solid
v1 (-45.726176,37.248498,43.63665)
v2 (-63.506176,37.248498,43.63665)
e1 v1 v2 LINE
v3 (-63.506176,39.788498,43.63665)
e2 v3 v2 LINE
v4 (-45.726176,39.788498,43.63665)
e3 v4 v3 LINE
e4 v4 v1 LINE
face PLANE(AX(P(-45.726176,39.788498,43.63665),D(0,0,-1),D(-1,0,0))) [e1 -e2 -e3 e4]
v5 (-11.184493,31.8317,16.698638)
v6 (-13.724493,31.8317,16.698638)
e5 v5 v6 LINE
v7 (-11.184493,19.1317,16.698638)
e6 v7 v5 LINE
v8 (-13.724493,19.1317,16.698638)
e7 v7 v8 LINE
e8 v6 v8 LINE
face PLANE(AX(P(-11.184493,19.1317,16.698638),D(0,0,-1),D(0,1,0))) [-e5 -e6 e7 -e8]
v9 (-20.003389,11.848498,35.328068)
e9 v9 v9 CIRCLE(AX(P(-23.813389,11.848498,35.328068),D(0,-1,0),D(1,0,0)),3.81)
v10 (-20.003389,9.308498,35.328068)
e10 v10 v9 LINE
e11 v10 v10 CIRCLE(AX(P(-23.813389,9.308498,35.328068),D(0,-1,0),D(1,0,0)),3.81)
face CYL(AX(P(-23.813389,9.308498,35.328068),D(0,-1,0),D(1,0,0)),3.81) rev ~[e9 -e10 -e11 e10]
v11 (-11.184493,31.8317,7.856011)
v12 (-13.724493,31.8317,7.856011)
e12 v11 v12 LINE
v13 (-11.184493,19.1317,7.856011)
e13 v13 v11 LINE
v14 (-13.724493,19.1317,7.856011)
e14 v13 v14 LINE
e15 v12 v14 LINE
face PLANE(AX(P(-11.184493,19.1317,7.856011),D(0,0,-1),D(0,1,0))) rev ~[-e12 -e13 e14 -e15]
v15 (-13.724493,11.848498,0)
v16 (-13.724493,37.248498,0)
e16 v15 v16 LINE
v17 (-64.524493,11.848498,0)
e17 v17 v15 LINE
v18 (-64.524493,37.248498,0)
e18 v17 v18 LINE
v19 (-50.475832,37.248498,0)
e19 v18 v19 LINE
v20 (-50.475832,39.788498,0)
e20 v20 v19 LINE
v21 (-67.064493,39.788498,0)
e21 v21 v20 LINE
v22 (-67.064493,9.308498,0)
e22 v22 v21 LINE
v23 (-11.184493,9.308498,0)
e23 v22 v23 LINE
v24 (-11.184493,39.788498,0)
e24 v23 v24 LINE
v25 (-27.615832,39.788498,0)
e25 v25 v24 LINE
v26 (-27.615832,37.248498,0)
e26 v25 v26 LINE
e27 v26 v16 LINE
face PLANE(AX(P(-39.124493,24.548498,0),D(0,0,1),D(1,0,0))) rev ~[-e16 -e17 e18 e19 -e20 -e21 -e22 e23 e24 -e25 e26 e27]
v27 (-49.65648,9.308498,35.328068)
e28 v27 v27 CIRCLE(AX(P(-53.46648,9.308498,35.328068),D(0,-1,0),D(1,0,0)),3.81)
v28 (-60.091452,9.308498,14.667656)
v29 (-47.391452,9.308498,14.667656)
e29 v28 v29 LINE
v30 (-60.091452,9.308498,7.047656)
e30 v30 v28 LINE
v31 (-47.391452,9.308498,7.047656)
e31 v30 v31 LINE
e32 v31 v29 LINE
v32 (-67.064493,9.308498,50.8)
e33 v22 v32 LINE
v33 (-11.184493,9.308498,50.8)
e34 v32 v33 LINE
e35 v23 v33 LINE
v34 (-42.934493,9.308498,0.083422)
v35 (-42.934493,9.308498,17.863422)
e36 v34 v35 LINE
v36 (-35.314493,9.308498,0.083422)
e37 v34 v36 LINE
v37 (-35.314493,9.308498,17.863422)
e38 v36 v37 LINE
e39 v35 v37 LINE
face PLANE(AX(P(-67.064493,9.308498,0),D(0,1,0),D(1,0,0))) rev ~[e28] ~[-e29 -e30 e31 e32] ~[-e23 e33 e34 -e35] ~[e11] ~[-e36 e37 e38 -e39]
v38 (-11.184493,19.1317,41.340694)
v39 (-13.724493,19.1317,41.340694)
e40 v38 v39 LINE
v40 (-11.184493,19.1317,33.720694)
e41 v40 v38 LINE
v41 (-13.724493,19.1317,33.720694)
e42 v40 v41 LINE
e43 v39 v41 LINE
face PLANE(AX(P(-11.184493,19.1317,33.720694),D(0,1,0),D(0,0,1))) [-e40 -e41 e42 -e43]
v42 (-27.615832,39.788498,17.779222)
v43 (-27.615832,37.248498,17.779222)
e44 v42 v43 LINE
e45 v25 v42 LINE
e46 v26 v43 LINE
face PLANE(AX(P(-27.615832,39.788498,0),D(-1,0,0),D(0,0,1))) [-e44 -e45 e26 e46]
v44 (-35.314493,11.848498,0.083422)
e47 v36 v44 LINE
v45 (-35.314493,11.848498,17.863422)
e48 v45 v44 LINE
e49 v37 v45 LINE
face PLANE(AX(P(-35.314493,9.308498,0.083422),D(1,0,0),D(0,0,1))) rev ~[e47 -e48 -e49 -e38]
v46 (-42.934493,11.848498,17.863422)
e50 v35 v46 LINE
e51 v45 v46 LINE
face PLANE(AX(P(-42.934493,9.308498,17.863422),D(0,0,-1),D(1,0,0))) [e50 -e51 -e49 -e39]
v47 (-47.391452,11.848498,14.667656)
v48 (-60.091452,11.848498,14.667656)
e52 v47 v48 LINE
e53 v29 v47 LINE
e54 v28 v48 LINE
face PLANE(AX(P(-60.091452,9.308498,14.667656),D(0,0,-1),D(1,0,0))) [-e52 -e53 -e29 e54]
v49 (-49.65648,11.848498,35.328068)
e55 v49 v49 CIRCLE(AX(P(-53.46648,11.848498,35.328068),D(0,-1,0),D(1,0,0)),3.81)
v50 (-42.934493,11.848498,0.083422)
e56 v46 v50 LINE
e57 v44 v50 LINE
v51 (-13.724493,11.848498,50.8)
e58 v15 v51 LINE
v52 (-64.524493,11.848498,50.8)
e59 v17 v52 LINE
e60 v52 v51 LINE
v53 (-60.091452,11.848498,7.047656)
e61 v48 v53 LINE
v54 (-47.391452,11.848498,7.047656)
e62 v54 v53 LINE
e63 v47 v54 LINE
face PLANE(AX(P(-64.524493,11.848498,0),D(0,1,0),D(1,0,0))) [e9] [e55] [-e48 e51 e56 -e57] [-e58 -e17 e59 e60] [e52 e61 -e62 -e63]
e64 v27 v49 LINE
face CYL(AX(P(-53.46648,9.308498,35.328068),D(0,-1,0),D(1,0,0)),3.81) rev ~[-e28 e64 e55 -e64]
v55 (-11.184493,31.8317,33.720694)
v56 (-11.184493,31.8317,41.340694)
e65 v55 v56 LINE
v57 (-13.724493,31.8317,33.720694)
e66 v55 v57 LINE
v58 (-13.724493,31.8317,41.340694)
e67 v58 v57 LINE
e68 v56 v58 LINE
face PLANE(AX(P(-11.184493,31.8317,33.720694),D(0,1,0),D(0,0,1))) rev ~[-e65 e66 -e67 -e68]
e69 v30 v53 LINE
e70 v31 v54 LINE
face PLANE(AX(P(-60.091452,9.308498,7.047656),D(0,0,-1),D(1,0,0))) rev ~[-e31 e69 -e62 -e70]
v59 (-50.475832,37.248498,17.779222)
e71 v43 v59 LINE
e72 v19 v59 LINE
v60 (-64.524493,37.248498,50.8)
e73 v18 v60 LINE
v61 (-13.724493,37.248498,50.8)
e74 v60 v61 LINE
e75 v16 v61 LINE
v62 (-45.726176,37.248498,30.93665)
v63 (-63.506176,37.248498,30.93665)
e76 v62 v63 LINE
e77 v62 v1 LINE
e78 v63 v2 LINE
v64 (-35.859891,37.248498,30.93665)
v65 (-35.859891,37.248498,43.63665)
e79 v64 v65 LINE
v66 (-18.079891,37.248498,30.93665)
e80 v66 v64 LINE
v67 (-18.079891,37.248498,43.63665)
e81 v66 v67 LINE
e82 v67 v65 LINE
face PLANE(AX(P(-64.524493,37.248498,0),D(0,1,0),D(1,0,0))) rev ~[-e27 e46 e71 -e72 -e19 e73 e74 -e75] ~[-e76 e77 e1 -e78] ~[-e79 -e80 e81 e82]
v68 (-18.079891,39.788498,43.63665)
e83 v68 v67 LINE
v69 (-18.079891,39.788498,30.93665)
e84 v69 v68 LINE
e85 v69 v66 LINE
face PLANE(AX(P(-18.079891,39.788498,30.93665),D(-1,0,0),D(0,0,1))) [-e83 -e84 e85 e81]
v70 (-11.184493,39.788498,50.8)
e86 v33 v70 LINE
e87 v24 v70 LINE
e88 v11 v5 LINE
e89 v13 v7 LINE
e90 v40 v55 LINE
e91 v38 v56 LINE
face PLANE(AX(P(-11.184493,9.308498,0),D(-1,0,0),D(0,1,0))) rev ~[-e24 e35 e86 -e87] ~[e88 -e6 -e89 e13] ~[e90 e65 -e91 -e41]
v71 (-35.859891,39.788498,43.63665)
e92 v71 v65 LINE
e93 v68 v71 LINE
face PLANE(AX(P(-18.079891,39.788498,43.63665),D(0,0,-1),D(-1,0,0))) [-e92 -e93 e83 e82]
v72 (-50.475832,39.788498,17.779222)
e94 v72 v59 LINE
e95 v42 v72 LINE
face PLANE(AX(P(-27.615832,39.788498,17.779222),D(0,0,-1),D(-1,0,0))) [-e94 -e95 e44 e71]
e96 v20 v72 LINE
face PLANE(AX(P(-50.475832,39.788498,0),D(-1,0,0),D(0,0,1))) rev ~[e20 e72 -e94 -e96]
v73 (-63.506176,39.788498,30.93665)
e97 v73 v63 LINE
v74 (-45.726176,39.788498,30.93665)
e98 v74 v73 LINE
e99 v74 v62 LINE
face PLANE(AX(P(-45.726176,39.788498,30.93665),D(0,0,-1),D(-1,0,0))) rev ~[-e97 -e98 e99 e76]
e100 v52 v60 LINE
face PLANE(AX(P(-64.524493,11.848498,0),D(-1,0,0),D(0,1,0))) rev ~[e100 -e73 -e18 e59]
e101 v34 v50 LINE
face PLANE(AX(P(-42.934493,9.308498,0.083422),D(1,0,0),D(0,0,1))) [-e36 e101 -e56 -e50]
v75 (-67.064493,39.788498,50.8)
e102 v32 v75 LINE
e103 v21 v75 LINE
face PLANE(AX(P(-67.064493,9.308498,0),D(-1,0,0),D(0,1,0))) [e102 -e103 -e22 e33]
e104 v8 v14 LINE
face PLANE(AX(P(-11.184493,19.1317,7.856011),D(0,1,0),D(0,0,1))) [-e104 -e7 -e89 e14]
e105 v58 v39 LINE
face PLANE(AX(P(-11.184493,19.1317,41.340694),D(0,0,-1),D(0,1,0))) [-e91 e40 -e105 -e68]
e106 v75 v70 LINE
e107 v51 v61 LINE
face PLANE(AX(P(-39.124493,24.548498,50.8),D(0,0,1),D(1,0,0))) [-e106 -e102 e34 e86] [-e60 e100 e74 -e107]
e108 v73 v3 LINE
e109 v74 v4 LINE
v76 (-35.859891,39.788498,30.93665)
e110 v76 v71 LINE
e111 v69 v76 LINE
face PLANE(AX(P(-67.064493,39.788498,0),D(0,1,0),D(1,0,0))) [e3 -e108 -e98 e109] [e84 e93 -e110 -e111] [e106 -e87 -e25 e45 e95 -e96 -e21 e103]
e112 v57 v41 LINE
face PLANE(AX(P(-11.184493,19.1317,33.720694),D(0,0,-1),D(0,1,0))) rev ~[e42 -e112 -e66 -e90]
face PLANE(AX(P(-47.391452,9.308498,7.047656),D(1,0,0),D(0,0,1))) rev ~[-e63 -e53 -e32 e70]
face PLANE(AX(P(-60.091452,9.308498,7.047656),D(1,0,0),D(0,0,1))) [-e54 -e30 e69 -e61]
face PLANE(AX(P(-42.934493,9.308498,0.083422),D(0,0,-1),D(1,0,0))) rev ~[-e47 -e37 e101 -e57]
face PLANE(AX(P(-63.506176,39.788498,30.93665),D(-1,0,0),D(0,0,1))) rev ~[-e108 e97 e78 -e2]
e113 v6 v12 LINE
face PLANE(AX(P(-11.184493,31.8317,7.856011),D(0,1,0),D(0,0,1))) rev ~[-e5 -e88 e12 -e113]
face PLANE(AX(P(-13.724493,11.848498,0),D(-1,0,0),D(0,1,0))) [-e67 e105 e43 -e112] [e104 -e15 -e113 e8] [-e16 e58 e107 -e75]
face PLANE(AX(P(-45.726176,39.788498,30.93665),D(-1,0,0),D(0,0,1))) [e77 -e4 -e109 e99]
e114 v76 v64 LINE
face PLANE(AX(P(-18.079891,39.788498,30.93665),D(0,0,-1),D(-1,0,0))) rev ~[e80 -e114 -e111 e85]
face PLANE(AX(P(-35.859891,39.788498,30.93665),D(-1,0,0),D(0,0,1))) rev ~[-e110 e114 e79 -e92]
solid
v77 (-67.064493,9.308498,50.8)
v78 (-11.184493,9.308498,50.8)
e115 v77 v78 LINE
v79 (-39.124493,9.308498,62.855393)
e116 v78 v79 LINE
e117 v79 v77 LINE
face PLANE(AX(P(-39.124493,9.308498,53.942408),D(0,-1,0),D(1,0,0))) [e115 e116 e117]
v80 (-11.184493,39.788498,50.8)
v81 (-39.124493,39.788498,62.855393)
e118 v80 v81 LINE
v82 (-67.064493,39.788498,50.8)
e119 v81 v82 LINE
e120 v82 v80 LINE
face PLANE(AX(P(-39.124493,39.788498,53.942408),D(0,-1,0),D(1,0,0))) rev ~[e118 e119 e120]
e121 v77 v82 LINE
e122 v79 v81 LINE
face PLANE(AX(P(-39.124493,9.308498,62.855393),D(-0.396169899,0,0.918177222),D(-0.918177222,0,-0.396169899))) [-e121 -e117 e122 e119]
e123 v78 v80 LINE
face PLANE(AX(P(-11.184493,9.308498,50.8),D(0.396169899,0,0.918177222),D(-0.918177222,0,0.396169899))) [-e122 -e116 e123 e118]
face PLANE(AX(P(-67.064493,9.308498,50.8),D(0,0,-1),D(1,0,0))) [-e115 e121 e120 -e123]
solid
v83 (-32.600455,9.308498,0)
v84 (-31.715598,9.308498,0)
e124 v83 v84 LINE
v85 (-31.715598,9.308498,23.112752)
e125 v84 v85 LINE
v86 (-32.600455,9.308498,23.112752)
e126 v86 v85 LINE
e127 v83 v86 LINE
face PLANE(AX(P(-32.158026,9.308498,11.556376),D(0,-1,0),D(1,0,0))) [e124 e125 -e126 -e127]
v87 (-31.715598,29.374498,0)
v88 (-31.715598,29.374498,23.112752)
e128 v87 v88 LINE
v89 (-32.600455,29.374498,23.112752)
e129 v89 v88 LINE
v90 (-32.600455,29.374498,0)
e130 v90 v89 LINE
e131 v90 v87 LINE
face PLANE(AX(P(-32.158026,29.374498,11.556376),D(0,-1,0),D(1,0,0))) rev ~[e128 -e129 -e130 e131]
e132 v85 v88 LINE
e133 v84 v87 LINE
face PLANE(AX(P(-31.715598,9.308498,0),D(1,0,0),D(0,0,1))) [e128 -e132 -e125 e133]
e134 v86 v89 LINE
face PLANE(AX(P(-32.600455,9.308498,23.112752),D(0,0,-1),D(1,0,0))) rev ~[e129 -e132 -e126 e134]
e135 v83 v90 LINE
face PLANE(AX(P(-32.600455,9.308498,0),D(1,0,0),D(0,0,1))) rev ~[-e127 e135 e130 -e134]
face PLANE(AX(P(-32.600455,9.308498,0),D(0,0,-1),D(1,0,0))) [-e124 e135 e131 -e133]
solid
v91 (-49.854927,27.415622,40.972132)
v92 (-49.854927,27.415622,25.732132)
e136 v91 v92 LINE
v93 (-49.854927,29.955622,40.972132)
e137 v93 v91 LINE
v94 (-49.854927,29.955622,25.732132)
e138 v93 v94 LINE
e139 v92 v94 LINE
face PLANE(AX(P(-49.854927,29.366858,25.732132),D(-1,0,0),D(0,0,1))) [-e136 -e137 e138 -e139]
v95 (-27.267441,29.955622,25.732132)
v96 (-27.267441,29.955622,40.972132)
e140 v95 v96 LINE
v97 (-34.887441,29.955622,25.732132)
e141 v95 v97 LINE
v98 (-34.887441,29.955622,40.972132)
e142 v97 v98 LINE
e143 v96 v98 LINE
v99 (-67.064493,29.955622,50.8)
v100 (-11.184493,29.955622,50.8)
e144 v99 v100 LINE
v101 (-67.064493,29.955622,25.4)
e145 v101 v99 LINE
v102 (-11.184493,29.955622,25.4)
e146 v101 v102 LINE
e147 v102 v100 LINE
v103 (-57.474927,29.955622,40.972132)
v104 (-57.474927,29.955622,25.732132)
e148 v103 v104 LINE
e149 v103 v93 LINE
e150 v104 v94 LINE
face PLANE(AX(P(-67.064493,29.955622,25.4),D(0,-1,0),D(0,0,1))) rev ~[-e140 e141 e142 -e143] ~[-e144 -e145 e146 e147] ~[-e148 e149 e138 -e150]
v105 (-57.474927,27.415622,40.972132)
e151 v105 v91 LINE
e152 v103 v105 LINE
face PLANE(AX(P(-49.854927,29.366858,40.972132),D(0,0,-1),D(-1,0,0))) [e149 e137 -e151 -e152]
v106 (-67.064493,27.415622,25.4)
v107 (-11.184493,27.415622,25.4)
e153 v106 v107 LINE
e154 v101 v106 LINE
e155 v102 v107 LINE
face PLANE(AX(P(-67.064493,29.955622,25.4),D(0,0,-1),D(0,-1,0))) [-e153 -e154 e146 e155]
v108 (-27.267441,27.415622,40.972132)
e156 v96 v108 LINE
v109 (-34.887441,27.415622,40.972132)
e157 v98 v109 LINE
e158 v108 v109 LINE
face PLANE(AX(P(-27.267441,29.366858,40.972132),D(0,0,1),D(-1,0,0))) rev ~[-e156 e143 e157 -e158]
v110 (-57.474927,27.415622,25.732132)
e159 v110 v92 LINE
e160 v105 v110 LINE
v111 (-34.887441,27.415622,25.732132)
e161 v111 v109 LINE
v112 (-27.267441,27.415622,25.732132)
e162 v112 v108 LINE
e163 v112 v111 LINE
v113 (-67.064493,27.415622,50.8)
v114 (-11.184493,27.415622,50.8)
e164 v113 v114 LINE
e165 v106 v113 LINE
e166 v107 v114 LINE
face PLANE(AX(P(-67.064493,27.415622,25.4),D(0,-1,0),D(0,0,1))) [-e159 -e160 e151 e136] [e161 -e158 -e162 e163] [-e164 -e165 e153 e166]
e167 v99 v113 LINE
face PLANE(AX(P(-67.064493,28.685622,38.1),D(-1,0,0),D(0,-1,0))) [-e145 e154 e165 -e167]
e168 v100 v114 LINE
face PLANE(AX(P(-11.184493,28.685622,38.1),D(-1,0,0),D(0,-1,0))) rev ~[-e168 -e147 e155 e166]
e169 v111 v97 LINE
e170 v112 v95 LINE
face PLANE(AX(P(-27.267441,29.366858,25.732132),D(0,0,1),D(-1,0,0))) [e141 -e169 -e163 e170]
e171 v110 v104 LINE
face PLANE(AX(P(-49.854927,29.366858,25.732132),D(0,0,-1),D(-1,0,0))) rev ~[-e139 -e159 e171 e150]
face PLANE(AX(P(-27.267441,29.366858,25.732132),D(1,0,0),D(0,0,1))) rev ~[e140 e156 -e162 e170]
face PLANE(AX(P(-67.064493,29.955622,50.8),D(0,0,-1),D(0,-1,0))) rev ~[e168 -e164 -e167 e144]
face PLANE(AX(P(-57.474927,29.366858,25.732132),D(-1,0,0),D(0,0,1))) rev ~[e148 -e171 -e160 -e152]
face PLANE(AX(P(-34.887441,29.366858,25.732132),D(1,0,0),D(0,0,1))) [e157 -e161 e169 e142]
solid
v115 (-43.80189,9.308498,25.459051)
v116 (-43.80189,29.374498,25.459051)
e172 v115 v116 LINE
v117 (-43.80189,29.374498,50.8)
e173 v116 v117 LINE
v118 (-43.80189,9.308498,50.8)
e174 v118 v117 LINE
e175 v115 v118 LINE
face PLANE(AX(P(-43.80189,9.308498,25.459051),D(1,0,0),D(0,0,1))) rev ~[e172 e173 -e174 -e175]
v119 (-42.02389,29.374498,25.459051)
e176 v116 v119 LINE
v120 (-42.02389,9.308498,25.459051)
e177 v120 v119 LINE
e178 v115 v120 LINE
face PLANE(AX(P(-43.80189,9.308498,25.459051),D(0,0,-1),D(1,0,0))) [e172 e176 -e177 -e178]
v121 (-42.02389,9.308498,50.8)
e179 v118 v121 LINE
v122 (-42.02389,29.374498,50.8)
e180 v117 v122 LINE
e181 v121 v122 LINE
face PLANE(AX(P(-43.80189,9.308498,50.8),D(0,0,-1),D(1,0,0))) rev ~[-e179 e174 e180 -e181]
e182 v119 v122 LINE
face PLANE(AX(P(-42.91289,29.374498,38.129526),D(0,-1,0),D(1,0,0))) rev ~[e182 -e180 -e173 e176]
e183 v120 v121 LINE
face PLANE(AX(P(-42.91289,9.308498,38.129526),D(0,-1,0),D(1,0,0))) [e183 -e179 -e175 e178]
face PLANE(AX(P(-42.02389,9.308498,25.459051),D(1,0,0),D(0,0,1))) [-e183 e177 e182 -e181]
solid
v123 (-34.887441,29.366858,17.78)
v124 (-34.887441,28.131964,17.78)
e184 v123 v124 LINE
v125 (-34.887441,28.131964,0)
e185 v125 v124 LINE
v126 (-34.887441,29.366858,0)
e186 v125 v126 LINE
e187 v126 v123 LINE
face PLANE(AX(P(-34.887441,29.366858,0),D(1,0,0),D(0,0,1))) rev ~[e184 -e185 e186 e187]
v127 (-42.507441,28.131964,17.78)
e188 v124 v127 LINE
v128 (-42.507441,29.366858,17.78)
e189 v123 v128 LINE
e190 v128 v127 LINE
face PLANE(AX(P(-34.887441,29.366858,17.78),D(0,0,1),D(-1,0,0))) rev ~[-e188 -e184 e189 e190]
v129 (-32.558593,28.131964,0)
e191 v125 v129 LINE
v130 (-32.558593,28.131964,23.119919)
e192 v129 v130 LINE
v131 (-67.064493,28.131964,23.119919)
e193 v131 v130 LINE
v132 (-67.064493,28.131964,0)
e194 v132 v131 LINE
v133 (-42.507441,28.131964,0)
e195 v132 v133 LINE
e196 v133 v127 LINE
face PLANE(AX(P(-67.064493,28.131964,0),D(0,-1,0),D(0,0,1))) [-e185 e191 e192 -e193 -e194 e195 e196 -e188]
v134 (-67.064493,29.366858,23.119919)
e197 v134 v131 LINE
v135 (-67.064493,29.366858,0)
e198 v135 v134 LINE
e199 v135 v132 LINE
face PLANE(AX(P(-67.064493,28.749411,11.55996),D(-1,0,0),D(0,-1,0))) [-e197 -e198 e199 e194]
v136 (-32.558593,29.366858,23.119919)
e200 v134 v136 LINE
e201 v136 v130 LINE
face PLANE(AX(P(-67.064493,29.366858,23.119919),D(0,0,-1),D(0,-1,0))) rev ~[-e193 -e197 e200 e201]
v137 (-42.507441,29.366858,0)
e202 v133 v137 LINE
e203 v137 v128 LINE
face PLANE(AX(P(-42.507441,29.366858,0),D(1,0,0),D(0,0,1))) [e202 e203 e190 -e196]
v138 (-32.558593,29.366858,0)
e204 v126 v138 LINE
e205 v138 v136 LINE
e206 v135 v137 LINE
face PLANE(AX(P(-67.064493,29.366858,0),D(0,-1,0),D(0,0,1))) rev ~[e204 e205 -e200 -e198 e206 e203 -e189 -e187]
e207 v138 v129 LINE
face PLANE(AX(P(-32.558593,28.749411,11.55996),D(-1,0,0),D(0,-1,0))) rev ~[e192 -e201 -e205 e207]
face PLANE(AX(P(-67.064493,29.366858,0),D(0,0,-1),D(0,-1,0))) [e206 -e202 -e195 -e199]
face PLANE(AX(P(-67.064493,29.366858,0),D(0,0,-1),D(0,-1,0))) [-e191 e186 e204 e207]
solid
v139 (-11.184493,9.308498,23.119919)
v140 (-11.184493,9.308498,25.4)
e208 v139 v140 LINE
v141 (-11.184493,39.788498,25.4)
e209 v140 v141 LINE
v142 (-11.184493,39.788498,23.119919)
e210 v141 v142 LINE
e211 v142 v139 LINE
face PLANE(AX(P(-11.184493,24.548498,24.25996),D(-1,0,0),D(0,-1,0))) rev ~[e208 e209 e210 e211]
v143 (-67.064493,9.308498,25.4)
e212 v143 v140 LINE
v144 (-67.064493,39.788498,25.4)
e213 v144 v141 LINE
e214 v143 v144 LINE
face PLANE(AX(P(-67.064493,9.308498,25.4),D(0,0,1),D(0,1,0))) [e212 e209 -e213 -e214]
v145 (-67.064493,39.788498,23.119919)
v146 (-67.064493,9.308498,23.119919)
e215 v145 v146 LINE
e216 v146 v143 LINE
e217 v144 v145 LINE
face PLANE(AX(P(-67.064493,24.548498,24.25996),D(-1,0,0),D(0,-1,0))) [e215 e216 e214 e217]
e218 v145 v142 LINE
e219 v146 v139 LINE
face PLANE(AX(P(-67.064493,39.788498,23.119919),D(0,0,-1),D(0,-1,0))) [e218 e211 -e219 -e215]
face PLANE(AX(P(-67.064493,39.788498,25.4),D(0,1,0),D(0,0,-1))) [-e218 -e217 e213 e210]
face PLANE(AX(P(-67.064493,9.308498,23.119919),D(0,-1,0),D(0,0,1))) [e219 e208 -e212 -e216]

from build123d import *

# Parameters (mm, degrees)
F0_W      = 55.88
F0_H      = 30.48
F0_W_2    = 50.8
F0_H_2    = 25.4
F1_DEPTH  = 50.8
F4_DEPTH  = 55.88
F3_W      = 1.2348946184
F3_H      = 23.1199190021
F5_DEPTH  = 34.5059
F2_W      = 0.8848570287
F2_H      = 23.1127515435
F6_DEPTH  = 20.066
F2_W_2    = 1.778
F2_H_2    = 25.3409488678
F2_R      = 3.81
F2_W_3    = 7.62
F2_H_3    = 17.78
F2_W_4    = 12.7
F2_H_4    = 7.62
F7_DEPTH  = 12.7
F8_DEPTH  = 30.48
F3_W_2    = 2.54
F3_H_2    = 25.4
F9_DEPTH  = 55.88
F10_W     = 7.62
F10_H     = 17.78
F10_H_2   = 15.24
F11_DEPTH = 3.81
F12_W     = 12.7
F12_H     = 7.62
F12_H_2   = 8.8426265866
F13_DEPTH = 3.048
F14_W     = 17.78
F14_H     = 12.7
F14_W_2   = 22.86
F14_H_2   = 17.7792217582
F15_DEPTH = 5.08


with BuildPart() as f1:
    # F0 (on Top) → F1 (new body)
    with BuildSketch(Plane.XY):
        with Locations((-39.1244925559, 24.5484983528)):
            Rectangle(F0_W, F0_H)
        with Locations((-39.1244925559, 24.5484983528)):
            Rectangle(F0_W_2, F0_H_2, mode=Mode.SUBTRACT)
    extrude(amount=F1_DEPTH)

    # F2 (on face) → F7 (cut)
    with BuildSketch(Plane.XZ.offset(-9.3084983528)):
        with Locations((-53.4664802253, 35.3280678391)):
            Circle(F2_R)
        with Locations((-23.8133892417, 35.3280678391)):
            Circle(F2_R)
        with Locations((-39.1244925559, 8.9734215289)):
            Rectangle(F2_W_3, F2_H_3)
        with Locations((-53.7414518952, 10.8576564579)):
            Rectangle(F2_W_4, F2_H_4)
    extrude(amount=-F7_DEPTH, mode=Mode.SUBTRACT)

    # F12 (on face) → F13 (cut)
    with BuildSketch(Plane.YZ.offset(-11.1844925559)):
        with Locations((25.4817003548, 37.5306944823)):
            Rectangle(F12_W, F12_H)
        with Locations((25.4817003548, 12.277324684)):
            Rectangle(F12_W, F12_H_2)
    extrude(amount=-F13_DEPTH, mode=Mode.SUBTRACT)

    # F14 (on face) → F15 (cut)
    with BuildSketch(Plane(origin=(0, 39.7884983528, 0), x_dir=(-1, 0, 0), z_dir=(0, 1, 0))):
        with Locations((26.9698910415, 37.2866503894)):
            Rectangle(F14_W, F14_H)
        with Locations((54.6161755919, 37.2866503894)):
            Rectangle(F14_W, F14_H)
        with Locations((39.0458321649, 8.8896108791)):
            Rectangle(F14_W_2, F14_H_2)
    extrude(amount=-F15_DEPTH, mode=Mode.SUBTRACT)


with BuildPart() as f4:
    # F3 (on face) → F4 (new body)
    with BuildSketch(Plane(origin=(-67.0644925559, 0, 0), x_dir=(0, -1, 0), z_dir=(-1, 0, 0))):
        Polygon((-29.9556218088, 25.4), (-39.7884983528, 25.4), (-39.7884983528, 23.1199190021), (-29.3668583035, 23.1199190021), (-28.1319636852, 23.1199190021), (-9.3084983528, 23.1199190021), (-9.3084983528, 25.4), (-27.4156218088, 25.4), align=None)
    extrude(amount=-F4_DEPTH)


with BuildPart() as f5:
    # F3 (on face) → F5 (new body)
    with BuildSketch(Plane(origin=(-67.0644925559, 0, 0), x_dir=(0, -1, 0), z_dir=(-1, 0, 0))):
        with Locations((-28.7494109944, 11.559959501)):
            Rectangle(F3_W, F3_H)
    extrude(amount=-F5_DEPTH)


with BuildPart() as f6:
    # F2 (on face) → F6 (new body)
    with BuildSketch(Plane.XZ.offset(-9.3084983528)):
        with Locations((-32.1580264717, 11.5563757718)):
            Rectangle(F2_W, F2_H)
    extrude(amount=-F6_DEPTH)


with BuildPart() as f6b:
    # F2 (on face) → F6, piece 2 (new body)
    with BuildSketch(Plane.XZ.offset(-9.3084983528)):
        with Locations((-42.9128897204, 38.1295255661)):
            Rectangle(F2_W_2, F2_H_2)
    extrude(amount=-F6_DEPTH)


with BuildPart() as f8:
    # F2 (on face) → F8 (new body)
    with BuildSketch(Plane.XZ.offset(-9.3084983528)):
        Polygon((-39.1244925559, 62.8553926945), (-67.0644925559, 50.8), (-43.8018897204, 50.8), (-42.0238897204, 50.8), (-11.1844925559, 50.8), align=None)
    extrude(amount=-F8_DEPTH)


with BuildPart() as f9:
    # F3 (on face) → F9 (new body)
    with BuildSketch(Plane(origin=(-67.0644925559, 0, 0), x_dir=(0, -1, 0), z_dir=(-1, 0, 0))):
        with Locations((-28.6856218088, 38.1)):
            Rectangle(F3_W_2, F3_H_2)
    extrude(amount=-F9_DEPTH)


with BuildPart() as f11_tool:
    # F10 (on face) → F11 (new body, symmetric)
    with BuildSketch(Plane(origin=(0, 29.3668583035, 0), x_dir=(-1, 0, 0), z_dir=(0, 1, 0))):
        with Locations((38.6974405026, 8.89)):
            Rectangle(F10_W, F10_H)
        with Locations((31.0774405026, 33.3521316749)):
            Rectangle(F10_W, F10_H_2)
        with Locations((53.664926765, 33.3521316749)):
            Rectangle(F10_W, F10_H_2)
    extrude(amount=F11_DEPTH, both=True)


with BuildPart() as f5_1:
    add(f5.part)

    # F11: cut by f11_tool
    add(f11_tool.part, mode=Mode.SUBTRACT)


with BuildPart() as f9_1:
    add(f9.part)

    # F11: cut by f11_tool
    add(f11_tool.part, mode=Mode.SUBTRACT)


solid = Compound([f1.part, f4.part, f6.part, f6b.part, f8.part, f5_1.part, f9_1.part])
